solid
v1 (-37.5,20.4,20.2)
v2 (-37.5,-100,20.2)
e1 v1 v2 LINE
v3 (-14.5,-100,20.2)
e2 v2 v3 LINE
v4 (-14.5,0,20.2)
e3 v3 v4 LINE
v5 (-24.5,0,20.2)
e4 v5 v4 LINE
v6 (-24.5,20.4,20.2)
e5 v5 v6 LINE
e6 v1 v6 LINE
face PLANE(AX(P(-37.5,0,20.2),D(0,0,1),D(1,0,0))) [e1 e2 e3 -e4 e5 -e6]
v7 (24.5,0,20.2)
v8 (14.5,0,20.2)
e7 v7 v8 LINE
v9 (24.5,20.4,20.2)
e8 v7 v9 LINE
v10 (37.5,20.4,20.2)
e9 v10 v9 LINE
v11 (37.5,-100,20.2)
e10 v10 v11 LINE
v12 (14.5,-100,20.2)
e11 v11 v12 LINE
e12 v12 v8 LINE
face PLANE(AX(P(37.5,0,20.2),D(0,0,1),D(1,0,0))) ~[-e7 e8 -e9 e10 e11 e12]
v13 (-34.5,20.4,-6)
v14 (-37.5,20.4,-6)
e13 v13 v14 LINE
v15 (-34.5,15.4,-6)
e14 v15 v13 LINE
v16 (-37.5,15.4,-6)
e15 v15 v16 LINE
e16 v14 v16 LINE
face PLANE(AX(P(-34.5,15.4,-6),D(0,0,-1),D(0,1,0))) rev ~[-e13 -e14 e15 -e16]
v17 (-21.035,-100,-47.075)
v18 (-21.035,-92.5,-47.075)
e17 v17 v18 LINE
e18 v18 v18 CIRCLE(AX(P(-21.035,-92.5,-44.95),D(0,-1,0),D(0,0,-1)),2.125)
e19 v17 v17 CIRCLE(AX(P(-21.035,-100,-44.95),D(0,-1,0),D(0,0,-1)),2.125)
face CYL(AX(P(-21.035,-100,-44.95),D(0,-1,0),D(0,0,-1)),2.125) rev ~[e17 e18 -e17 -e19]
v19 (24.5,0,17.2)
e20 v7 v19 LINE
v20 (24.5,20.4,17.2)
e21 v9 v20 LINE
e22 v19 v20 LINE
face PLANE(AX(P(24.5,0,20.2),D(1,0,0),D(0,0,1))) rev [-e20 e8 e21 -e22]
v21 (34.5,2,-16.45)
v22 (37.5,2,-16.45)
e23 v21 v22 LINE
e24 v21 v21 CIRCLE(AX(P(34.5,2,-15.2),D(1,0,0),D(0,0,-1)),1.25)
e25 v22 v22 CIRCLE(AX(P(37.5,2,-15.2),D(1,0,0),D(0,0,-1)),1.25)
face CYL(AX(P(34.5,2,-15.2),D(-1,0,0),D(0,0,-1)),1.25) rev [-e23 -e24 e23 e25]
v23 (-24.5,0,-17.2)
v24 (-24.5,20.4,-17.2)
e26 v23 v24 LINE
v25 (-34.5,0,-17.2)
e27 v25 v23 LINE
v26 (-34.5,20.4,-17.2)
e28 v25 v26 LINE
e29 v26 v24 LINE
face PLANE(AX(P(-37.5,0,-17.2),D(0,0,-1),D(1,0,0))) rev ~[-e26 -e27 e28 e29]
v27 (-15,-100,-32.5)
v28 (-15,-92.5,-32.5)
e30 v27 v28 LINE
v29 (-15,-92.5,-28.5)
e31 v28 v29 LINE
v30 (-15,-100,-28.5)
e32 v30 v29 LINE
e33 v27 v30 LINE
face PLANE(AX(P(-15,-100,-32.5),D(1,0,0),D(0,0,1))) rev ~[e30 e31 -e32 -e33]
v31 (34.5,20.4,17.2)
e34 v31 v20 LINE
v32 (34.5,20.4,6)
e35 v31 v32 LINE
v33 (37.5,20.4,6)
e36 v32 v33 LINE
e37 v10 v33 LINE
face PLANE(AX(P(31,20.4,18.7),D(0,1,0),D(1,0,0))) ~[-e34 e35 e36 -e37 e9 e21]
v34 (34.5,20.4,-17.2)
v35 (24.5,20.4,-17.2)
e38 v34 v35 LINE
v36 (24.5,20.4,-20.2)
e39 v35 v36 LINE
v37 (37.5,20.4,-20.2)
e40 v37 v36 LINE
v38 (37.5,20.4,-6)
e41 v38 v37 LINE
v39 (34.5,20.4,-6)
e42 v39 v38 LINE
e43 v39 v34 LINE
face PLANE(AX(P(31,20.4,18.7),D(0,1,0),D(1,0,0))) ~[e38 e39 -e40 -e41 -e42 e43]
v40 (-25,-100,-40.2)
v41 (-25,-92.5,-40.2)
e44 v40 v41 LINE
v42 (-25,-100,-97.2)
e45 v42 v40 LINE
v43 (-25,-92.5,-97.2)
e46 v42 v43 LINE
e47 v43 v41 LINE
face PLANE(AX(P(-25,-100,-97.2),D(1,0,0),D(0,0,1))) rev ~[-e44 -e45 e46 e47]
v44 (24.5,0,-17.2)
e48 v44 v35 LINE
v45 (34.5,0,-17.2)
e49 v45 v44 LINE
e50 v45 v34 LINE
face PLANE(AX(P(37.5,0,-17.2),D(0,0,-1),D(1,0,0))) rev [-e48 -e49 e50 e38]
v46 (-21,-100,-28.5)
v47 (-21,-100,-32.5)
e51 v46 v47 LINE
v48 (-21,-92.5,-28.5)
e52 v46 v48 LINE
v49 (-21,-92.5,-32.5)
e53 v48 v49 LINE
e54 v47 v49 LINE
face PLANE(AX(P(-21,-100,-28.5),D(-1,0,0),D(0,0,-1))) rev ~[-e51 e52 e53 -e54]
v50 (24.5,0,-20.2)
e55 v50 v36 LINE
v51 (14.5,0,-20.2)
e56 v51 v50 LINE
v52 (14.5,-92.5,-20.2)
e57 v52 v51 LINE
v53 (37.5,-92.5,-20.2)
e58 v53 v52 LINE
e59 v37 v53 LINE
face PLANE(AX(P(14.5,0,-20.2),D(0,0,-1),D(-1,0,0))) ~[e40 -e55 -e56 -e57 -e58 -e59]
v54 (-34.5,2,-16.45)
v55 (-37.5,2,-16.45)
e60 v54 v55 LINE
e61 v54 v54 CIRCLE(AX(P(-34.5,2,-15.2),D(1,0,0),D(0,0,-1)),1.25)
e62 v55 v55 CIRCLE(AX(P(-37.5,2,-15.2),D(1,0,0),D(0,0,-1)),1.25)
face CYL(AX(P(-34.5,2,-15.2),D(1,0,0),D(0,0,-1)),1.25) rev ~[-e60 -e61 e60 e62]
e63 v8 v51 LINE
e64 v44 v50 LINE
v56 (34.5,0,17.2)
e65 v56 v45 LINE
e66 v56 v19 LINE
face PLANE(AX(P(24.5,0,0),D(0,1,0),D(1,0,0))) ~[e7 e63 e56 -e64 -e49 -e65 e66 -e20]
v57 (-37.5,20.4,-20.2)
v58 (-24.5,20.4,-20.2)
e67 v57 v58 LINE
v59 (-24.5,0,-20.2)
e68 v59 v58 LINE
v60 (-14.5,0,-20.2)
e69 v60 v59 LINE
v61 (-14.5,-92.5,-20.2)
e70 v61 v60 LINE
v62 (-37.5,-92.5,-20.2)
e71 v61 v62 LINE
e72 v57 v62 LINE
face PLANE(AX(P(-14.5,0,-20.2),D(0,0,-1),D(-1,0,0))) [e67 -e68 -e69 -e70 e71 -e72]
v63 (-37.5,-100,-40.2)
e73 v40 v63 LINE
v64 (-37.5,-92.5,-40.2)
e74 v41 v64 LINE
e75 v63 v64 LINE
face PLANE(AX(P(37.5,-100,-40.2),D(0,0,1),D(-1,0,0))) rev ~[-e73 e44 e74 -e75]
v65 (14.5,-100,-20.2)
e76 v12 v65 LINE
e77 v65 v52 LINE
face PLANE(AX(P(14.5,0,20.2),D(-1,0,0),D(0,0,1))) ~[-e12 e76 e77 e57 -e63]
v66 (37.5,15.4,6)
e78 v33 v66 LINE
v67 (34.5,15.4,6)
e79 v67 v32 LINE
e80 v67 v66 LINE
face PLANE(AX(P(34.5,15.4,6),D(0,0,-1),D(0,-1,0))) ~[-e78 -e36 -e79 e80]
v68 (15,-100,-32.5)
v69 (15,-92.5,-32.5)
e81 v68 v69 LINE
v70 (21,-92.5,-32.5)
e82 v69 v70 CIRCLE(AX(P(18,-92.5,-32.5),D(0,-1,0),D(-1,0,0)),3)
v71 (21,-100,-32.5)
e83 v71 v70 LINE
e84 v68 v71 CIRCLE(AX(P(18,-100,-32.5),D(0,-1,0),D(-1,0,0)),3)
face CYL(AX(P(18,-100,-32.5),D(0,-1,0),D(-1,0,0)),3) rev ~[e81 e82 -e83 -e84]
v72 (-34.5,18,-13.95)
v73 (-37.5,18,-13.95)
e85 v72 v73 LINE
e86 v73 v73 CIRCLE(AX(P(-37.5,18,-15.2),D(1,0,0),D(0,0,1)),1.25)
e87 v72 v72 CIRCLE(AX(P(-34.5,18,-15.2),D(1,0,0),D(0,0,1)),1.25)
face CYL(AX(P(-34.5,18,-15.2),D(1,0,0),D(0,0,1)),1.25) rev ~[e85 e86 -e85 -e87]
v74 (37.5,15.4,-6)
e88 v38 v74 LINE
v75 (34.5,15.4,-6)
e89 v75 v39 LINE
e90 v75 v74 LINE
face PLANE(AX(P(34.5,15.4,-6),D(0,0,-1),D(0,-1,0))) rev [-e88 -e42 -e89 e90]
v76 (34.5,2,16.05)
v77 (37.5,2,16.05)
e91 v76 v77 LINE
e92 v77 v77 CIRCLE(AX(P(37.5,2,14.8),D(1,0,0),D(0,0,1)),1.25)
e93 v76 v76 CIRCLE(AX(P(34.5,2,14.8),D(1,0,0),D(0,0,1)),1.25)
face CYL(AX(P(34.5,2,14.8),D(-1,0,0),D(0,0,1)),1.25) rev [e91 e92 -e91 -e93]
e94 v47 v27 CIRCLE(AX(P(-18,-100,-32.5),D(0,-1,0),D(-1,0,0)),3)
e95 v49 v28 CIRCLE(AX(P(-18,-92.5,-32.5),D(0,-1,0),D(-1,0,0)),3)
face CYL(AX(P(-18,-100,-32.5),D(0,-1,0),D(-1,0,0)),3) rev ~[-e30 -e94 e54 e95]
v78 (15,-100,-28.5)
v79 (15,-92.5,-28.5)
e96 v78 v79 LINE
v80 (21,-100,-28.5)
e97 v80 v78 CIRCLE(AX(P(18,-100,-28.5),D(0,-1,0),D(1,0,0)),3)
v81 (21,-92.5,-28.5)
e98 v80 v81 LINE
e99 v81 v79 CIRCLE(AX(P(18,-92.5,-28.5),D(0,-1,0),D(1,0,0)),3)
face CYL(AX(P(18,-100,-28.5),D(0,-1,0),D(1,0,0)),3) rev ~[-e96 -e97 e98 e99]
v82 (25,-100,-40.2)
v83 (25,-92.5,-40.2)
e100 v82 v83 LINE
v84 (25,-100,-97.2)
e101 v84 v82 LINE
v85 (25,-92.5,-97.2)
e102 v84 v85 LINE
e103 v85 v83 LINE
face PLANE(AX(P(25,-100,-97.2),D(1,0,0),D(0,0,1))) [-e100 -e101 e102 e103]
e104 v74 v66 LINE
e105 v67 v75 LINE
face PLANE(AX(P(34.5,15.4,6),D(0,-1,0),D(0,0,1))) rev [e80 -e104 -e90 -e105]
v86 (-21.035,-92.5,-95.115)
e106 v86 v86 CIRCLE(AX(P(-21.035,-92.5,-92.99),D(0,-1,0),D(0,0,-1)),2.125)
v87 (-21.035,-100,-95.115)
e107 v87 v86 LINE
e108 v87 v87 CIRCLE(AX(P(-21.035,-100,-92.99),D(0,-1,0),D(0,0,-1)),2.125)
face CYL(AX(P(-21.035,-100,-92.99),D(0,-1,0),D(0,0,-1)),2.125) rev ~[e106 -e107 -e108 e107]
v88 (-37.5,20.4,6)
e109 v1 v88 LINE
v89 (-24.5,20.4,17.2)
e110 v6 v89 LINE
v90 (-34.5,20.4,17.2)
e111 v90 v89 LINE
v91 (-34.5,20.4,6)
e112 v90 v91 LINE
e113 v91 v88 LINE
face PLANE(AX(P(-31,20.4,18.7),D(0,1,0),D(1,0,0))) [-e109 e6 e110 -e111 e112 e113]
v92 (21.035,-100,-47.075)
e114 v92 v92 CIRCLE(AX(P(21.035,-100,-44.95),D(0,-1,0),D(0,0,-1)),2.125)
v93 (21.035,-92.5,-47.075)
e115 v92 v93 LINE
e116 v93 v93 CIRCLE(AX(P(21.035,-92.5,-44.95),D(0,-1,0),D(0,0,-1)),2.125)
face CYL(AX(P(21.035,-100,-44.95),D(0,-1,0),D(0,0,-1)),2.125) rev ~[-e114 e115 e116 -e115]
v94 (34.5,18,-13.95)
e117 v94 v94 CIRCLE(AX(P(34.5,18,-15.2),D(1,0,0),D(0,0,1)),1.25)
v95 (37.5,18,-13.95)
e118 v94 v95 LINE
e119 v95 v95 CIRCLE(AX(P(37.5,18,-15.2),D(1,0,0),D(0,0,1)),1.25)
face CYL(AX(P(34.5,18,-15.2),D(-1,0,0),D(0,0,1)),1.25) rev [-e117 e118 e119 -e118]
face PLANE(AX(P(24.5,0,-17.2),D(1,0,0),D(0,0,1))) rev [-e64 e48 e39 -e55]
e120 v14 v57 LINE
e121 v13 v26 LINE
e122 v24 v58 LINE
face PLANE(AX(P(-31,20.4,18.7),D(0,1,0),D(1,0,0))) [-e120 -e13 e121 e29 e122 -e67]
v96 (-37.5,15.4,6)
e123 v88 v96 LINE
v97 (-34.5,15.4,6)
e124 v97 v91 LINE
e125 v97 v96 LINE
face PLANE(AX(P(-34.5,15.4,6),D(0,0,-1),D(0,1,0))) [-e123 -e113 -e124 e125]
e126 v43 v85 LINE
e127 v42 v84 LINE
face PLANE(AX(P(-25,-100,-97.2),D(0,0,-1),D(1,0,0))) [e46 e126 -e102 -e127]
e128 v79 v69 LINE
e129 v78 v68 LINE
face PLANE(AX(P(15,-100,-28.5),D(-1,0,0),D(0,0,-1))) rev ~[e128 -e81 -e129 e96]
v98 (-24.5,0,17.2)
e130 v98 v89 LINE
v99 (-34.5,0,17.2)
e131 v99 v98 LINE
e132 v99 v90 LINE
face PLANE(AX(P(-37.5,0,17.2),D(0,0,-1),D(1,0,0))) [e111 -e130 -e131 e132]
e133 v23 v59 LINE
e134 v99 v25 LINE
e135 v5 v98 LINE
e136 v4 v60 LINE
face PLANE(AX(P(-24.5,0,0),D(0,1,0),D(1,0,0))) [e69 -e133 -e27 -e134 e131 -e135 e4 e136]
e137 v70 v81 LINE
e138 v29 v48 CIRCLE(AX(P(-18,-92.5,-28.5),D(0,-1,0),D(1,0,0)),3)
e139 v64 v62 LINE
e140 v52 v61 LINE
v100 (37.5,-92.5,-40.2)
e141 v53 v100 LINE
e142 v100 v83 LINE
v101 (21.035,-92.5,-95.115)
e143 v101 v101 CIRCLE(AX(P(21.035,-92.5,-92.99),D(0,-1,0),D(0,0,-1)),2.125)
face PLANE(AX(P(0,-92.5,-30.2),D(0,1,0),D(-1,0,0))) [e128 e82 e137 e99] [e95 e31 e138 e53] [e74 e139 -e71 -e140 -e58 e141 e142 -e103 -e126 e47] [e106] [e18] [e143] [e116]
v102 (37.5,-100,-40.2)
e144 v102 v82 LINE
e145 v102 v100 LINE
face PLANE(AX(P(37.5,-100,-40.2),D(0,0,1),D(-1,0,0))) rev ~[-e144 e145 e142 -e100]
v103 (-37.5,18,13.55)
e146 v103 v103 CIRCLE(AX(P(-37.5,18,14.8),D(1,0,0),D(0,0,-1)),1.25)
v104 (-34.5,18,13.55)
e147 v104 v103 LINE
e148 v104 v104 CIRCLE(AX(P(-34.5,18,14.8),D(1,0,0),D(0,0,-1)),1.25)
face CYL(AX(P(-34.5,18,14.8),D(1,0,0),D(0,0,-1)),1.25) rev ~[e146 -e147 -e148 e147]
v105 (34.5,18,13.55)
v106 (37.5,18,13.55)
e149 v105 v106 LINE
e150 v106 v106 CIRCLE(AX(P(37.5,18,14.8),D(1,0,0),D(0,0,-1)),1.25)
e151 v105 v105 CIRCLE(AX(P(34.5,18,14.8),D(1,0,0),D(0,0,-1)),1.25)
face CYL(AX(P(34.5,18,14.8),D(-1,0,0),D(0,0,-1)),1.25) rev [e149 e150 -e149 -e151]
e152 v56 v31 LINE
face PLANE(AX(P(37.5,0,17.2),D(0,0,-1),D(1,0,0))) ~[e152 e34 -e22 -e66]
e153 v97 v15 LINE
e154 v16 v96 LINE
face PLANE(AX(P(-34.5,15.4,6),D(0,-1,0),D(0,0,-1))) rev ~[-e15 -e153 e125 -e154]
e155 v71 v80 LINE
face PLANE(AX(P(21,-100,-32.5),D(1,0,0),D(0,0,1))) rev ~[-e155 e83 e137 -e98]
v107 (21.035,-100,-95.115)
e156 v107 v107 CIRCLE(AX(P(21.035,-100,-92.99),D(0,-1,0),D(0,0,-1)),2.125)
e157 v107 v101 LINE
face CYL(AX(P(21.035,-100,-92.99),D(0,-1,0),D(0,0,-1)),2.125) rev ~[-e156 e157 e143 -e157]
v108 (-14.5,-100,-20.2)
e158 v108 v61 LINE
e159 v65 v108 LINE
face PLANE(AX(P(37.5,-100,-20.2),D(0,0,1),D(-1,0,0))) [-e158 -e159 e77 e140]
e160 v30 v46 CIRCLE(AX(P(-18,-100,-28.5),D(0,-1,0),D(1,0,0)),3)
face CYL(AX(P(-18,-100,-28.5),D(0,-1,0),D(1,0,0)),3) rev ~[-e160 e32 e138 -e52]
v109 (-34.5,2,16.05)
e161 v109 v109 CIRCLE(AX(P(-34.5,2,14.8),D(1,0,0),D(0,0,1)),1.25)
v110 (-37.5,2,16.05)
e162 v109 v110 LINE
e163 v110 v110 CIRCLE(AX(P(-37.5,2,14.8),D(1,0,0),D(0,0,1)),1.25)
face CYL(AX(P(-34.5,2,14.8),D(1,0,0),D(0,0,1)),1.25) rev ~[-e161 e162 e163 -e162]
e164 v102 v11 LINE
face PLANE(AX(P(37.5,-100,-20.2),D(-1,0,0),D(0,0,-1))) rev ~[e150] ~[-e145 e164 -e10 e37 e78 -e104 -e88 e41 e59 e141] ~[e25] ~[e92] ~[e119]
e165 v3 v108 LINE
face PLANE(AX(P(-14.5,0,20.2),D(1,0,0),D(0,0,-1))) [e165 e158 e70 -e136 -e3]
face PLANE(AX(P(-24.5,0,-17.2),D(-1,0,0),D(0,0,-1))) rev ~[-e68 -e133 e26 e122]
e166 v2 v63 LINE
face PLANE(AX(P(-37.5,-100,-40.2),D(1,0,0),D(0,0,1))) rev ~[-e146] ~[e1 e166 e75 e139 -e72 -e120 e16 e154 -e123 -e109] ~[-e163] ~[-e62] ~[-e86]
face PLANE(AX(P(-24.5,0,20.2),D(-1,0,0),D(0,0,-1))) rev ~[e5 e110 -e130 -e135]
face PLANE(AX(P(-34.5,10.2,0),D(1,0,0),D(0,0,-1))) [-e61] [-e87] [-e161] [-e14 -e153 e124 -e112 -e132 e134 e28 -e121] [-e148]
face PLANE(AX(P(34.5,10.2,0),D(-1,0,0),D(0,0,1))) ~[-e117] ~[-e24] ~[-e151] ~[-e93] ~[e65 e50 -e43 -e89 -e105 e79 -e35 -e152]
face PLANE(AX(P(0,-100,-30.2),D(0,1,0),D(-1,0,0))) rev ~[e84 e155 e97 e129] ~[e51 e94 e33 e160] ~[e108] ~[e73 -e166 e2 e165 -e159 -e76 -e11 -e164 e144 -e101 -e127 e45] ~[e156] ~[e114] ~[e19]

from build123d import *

# Parameters (mm, degrees)
BOSS_EXTRUDE1_START = -34.5
SKETCH2_W           = 34.4
SKETCH2_H           = 20.4
SKETCH2_R           = 1.25
BOSS_EXTRUDE1_DEPTH = 3
SKETCH1_W           = 13
SKETCH1_H           = 3
BOSS_EXTRUDE2_DEPTH = 20.4
SKETCH1_3_W         = 20
SKETCH1_3_H         = 34.4
SKETCH1_3_W_2       = 10
SKETCH1_3_H_2       = 3
SKETCH1_3_W_3       = 3
BOSS_EXTRUDE3_DEPTH = 3
SKETCH1_4_W         = 3
SKETCH1_4_H         = 34.4
SKETCH1_4_W_2       = 10
SKETCH1_4_H_2       = 3
SKETCH1_4_W_3       = 20
BOSS_EXTRUDE4_DEPTH = 100
SKETCH4_W           = 12
SKETCH4_H           = 10
CUT_EXTRUDE1_DEPTH  = 132
SKETCH7_W           = 50
SKETCH7_H           = 57
SKETCH7_R           = 2.125
BOSS_EXTRUDE5_DEPTH = 7.5


with BuildPart() as part:
    # Sketch2 → Boss-Extrude1 (new body)
    with BuildSketch(Plane(origin=(0, 0, 0), x_dir=(0, 0, -1), z_dir=(1, 0, 0)).offset(BOSS_EXTRUDE1_START)):
        with Locations((0, 10.2)):
            Rectangle(SKETCH2_W, SKETCH2_H)
        with Locations((-14.8, 18)):
            Circle(SKETCH2_R, mode=Mode.SUBTRACT)
        with Locations(Location((-14.8, 2, 0), (0, 0, 180))):
            Circle(SKETCH2_R, mode=Mode.SUBTRACT)
        with Locations((15.2, 2)):
            Circle(SKETCH2_R, mode=Mode.SUBTRACT)
        with Locations(Location((15.2, 18, 0), (0, 0, 180))):
            Circle(SKETCH2_R, mode=Mode.SUBTRACT)
    extrude(amount=-BOSS_EXTRUDE1_DEPTH)

    # Sketch1 → Boss-Extrude2 (add)
    with BuildSketch(Plane(origin=(0, 0, 0), x_dir=(1, 0, 0), z_dir=(0, 1, 0))):
        with Locations((-31, -18.7)):
            Rectangle(SKETCH1_W, SKETCH1_H)
        with Locations((-31, 18.7)):
            Rectangle(SKETCH1_W, SKETCH1_H)
    extrude(amount=BOSS_EXTRUDE2_DEPTH)

    # Sketch1<3> → Boss-Extrude3 (add)
    with BuildSketch(Plane(origin=(0, 0, 0), x_dir=(1, 0, 0), z_dir=(0, 1, 0))):
        with Locations((-24.5, 0)):
            Rectangle(SKETCH1_3_W, SKETCH1_3_H)
        with Locations((-19.5, -18.7)):
            Rectangle(SKETCH1_3_W_2, SKETCH1_3_H_2)
        Polygon((-24.5, -20.2), (-24.5, -17.2), (-34.5, -17.2), (-37.5, -17.2), (-37.5, -20.2), align=None)
        with Locations((-36, 0)):
            Rectangle(SKETCH1_3_W_3, SKETCH1_3_H)
        Polygon((-34.5, 17.2), (-24.5, 17.2), (-24.5, 20.2), (-37.5, 20.2), (-37.5, 17.2), align=None)
        with Locations((-19.5, 18.7)):
            Rectangle(SKETCH1_3_W_2, SKETCH1_3_H_2)
    extrude(amount=-BOSS_EXTRUDE3_DEPTH)

    # Sketch1<4> → Boss-Extrude4 (add)
    with BuildSketch(Plane(origin=(0, 0, 0), x_dir=(1, 0, 0), z_dir=(0, 1, 0))):
        with Locations((-36, 0)):
            Rectangle(SKETCH1_4_W, SKETCH1_4_H)
        Polygon((-24.5, -20.2), (-24.5, -17.2), (-34.5, -17.2), (-37.5, -17.2), (-37.5, -20.2), align=None)
        with Locations((-19.5, -18.7)):
            Rectangle(SKETCH1_4_W_2, SKETCH1_4_H_2)
        with Locations((-24.5, 0)):
            Rectangle(SKETCH1_4_W_3, SKETCH1_4_H)
        Polygon((-34.5, 17.2), (-24.5, 17.2), (-24.5, 20.2), (-37.5, 20.2), (-37.5, 17.2), align=None)
        with Locations((-19.5, 18.7)):
            Rectangle(SKETCH1_4_W_2, SKETCH1_4_H_2)
    extrude(amount=-BOSS_EXTRUDE4_DEPTH)

    # Sketch4 → Cut-Extrude1 (cut)
    with BuildSketch(Plane(origin=(-34.5, 0, 0), x_dir=(0, 0, -1), z_dir=(1, 0, 0))):
        with Locations((0, 20.4)):
            Rectangle(SKETCH4_W, SKETCH4_H)
    extrude(amount=-CUT_EXTRUDE1_DEPTH, mode=Mode.SUBTRACT)


with BuildPart() as body_2:
    # Mirror6: mirrored copy
    add(part.part.mirror(Plane(origin=(0, 0, 0), x_dir=(0, 0, 1), z_dir=(1, 0, 0))))


with BuildPart() as part_1:
    add(part.part)

    add(body_2.part)  # Boss-Extrude5 merges body 2
    # Sketch7 → Boss-Extrude5 (add)
    # profile 1 of 2: a face of its own
    with BuildSketch(Plane.XZ.offset(100)):
        Polygon((-14.5, -20.2), (14.5, -20.2), (37.5, -20.2), (37.5, -40.2), (-37.5, -40.2), (-37.5, -20.2), align=None)
        with BuildLine():
            ThreePointArc((-15, -28.5), (-18, -25.5), (-21, -28.5))
            Line((-21, -28.5), (-21, -32.5))
            ThreePointArc((-21, -32.5), (-18, -35.5), (-15, -32.5))
            Line((-15, -32.5), (-15, -28.5))
        make_face(mode=Mode.SUBTRACT)
        with BuildLine():
            ThreePointArc((21, -28.5), (18, -25.5), (15, -28.5))
            Line((15, -28.5), (15, -32.5))
            ThreePointArc((15, -32.5), (18, -35.5), (21, -32.5))
            Line((21, -32.5), (21, -28.5))
        make_face(mode=Mode.SUBTRACT)
    # profile 2 of 2: a face of its own
    with BuildSketch(Plane.XZ.offset(100)):
        with Locations((0, -68.7)):
            Rectangle(SKETCH7_W, SKETCH7_H)
        with Locations(Location((-21.035, -92.99, 0), (0, 0, 270))):
            Circle(SKETCH7_R, mode=Mode.SUBTRACT)
        with Locations(Location((21.035, -92.99, 0), (0, 0, 270))):
            Circle(SKETCH7_R, mode=Mode.SUBTRACT)
        with Locations(Location((-21.035, -44.95, 0), (0, 0, 270))):
            Circle(SKETCH7_R, mode=Mode.SUBTRACT)
        with Locations(Location((21.035, -44.95, 0), (0, 0, 270))):
            Circle(SKETCH7_R, mode=Mode.SUBTRACT)
    extrude(amount=-BOSS_EXTRUDE5_DEPTH)


solid = part_1.part
